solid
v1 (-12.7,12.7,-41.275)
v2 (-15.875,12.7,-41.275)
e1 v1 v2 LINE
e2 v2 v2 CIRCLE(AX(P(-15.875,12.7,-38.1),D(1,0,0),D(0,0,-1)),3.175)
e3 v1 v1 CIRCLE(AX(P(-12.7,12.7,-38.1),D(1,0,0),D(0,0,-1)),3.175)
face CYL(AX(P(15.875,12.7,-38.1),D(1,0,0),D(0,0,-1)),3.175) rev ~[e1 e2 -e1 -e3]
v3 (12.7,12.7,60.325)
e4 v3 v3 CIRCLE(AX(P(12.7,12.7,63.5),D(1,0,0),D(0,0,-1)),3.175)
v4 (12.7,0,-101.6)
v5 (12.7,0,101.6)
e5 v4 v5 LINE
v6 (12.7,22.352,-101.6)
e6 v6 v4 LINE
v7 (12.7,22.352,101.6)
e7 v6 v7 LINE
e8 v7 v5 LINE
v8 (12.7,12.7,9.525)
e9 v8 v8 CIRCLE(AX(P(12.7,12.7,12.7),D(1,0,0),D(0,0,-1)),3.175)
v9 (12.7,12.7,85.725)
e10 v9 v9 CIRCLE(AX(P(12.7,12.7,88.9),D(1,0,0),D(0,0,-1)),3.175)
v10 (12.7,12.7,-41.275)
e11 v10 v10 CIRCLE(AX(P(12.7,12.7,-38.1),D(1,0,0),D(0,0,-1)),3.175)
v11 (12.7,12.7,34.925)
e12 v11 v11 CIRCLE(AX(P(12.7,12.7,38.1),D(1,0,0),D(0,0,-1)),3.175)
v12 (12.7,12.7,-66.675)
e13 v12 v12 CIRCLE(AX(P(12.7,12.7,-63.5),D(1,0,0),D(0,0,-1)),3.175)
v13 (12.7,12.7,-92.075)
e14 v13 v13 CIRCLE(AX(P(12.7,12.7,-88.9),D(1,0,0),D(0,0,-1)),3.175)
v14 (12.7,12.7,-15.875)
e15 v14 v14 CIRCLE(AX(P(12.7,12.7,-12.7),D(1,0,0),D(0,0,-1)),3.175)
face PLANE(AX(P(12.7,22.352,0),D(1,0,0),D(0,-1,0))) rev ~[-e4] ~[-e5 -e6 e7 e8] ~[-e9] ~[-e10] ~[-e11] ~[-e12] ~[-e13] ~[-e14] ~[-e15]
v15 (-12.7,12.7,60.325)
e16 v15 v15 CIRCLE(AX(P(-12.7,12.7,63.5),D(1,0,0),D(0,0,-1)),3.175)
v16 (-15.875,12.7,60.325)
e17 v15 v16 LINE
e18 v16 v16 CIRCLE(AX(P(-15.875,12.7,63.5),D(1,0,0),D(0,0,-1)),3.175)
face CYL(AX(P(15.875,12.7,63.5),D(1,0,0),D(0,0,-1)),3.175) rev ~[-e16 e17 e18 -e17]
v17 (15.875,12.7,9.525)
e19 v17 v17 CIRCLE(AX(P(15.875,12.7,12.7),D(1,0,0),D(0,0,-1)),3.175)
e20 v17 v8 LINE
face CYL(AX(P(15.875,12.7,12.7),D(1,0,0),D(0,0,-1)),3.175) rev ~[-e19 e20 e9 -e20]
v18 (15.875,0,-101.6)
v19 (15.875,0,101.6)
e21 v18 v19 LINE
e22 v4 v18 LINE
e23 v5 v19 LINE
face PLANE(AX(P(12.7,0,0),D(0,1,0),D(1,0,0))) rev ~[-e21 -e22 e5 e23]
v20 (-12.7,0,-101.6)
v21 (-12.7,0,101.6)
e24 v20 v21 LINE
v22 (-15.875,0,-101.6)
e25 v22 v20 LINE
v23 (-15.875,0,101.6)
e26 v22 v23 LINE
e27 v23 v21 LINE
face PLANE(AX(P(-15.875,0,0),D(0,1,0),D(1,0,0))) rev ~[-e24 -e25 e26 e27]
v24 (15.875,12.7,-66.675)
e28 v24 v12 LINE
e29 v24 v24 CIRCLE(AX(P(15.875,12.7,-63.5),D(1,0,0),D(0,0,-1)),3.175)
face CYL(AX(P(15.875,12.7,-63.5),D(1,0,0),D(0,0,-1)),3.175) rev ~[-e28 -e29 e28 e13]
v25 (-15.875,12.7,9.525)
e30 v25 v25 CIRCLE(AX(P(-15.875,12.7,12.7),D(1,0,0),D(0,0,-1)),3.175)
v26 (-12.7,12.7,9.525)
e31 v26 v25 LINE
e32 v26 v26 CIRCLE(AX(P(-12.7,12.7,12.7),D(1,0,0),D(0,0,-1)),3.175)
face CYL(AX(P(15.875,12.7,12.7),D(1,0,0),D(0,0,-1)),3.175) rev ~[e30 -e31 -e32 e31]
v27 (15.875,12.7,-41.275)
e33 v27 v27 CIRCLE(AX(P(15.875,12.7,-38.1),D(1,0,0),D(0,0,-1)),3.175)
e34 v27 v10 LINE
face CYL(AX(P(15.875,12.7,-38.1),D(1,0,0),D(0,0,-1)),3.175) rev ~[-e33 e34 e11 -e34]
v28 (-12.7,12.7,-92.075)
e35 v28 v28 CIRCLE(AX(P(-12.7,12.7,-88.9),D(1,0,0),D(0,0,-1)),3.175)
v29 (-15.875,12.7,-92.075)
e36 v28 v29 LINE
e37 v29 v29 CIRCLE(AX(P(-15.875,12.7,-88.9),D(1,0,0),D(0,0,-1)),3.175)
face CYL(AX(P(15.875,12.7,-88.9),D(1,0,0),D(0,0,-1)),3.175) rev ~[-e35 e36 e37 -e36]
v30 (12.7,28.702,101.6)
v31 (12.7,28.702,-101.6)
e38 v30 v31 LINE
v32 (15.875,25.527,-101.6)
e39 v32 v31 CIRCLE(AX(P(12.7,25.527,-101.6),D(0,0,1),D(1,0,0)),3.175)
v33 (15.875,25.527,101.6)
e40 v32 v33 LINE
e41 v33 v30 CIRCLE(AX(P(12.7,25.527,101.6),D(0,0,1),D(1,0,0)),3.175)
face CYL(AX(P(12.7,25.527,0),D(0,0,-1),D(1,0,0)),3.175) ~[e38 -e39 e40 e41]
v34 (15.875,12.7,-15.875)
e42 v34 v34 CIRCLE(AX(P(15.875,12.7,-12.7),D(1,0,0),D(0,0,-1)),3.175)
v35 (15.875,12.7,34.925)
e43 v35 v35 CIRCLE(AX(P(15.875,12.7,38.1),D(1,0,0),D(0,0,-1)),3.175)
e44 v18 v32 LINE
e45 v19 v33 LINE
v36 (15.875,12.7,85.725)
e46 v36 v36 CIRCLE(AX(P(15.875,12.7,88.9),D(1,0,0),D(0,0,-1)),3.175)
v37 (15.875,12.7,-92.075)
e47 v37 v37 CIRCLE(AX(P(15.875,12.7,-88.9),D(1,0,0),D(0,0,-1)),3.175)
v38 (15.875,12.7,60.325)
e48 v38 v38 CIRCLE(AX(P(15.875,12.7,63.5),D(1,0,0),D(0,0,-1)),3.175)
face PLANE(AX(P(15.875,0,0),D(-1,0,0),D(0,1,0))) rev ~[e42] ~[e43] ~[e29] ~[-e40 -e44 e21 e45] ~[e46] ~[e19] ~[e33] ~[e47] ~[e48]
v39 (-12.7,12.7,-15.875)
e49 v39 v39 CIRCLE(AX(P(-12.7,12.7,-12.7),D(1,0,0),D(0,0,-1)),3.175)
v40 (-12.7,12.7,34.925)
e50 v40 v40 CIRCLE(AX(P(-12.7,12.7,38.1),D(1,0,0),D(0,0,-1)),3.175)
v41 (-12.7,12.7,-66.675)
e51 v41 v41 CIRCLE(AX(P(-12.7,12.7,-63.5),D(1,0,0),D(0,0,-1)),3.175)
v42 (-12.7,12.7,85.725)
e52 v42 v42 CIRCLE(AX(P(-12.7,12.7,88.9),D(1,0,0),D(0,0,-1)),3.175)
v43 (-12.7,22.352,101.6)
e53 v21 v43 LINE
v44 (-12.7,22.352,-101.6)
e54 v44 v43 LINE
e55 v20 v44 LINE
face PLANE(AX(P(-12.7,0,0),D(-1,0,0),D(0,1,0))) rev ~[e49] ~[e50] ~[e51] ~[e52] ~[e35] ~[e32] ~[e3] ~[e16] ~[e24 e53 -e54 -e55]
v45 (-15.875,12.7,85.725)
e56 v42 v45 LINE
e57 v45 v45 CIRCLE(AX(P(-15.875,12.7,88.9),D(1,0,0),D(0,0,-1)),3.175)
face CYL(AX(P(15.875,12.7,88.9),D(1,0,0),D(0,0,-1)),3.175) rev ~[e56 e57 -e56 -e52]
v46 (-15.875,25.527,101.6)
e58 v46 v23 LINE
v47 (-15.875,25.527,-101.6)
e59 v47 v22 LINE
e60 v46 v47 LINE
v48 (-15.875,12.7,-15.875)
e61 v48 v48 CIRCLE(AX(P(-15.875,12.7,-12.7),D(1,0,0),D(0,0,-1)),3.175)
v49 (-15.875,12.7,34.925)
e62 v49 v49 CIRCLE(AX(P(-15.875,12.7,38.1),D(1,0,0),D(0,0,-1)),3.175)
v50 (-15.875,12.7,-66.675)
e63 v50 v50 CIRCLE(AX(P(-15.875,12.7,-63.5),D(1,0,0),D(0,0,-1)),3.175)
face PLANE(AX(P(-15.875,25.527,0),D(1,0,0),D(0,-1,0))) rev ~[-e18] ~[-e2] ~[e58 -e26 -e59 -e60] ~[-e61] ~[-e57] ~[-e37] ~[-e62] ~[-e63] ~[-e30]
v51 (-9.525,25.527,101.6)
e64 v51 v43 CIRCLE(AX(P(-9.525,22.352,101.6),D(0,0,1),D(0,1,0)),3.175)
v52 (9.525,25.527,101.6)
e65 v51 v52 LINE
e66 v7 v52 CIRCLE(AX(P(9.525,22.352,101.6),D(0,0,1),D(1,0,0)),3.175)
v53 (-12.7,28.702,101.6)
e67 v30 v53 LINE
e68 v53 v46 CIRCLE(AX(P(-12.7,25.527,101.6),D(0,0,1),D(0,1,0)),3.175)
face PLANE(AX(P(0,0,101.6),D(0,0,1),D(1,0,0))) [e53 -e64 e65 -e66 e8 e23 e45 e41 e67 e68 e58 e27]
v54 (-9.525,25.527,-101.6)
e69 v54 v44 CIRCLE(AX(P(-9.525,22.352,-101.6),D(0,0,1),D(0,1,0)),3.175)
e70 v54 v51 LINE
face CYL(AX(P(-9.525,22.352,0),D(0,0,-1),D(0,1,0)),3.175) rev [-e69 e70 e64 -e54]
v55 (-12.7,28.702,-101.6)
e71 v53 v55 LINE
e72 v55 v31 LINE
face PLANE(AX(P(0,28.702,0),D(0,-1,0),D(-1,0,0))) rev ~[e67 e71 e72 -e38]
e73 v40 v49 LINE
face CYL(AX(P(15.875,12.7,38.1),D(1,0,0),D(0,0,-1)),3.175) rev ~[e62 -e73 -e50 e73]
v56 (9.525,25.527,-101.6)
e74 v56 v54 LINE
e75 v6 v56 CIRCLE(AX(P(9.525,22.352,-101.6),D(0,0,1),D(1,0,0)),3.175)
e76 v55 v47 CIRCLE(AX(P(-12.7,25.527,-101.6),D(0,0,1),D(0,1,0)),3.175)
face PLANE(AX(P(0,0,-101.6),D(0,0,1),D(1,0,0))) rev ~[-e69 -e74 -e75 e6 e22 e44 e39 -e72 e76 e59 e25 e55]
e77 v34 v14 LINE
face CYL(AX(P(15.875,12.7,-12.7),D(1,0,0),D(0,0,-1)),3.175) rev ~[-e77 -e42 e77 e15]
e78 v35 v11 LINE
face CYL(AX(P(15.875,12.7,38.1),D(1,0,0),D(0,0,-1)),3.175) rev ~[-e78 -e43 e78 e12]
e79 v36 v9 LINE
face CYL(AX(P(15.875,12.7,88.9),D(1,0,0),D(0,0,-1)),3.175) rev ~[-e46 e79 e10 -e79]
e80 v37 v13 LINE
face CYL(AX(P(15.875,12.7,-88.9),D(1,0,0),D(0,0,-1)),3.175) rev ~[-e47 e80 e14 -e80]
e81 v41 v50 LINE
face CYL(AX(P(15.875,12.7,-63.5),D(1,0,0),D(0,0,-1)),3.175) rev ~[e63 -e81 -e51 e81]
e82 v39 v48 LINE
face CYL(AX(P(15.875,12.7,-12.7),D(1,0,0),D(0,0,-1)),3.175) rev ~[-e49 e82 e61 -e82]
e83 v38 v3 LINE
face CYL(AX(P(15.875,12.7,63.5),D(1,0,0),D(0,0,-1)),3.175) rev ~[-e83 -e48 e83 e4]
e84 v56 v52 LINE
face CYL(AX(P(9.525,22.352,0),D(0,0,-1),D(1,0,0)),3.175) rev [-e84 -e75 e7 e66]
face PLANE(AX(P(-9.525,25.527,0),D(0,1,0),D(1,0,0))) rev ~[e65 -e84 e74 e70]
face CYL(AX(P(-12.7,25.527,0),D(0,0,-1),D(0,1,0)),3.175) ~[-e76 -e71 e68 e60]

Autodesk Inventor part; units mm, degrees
ref_plane "YZ Plane" through (0, 0, 0) normal (1, 0, 0) x (0, 1, 0)
ref_plane "XZ Plane" through (0, 0, 0) normal (0, 1, 0) x (-1, 0, 0)
ref_plane "XY Plane" through (0, 0, 0) normal (0, 0, 1) x (1, 0, 0)
sketch "Sketch1" plane through (0, 0, 0) normal (0, 0, 1) x (1, 0, 0)
  line L0 (-15.875, 0) -> (-12.7, 0)
  line L1 (-12.7, 0) -> (-12.7, 22.352)
  line L2 (-9.525, 25.527) -> (9.525, 25.527)
  line L3 (12.7, 22.352) -> (12.7, 0)
  line L4 (12.7, 0) -> (15.875, 0)
  line L5 (15.875, 0) -> (15.875, 25.527)
  line L6 (12.7, 28.702) -> (-12.7, 28.702)
  line L7 (-15.875, 25.527) -> (-15.875, 0)
  arc A0 (-9.525, 25.527) -> (-12.7, 22.352) centre (-9.525, 22.352) ccw
  arc A1 (12.7, 22.352) -> (9.525, 25.527) centre (9.525, 22.352) ccw
  arc A2 (-12.7, 28.702) -> (-15.875, 25.527) centre (-12.7, 25.527) ccw
  arc A3 (15.875, 25.527) -> (12.7, 28.702) centre (12.7, 25.527) ccw
  line L8 (0, 35.2315) -> (0, -5.8719) projected
  point P0 (0, 0)
  dimension "d0" = 28.702
  dimension "d1" = 31.75
  dimension "d2" = 3.175
  dimension "d3" = 3.175
  dimension "d4" = 3.175
extrude "Extrusion1" add sketch "Sketch1" along normal mid plane 203.2
sketch "Sketch4" plane through (15.875, 0, 101.6) normal (1, 0, 0) x (0, 0, -1)
  line L0 (-40.64, 0) -> (243.84, 0) projected
  line L1 (101.6, -5.7404) -> (101.6, 34.4424) projected
  circle A0 centre (114.3, 12.7) radius 3.175
  point P0 (101.6, 0)
  dimension "d34" = 6.35
  dimension "d35" = 12.7
  dimension "d36" = 12.7
extrude "Extrusion4" cut sketch "Sketch4" against normal up to surface (31.75 mm away)
pattern_linear "Rectangular Pattern3" count 10 spacing 25.4 along (0, 0, 1) count 10 spacing 25.4 along (0, 0, -1) of "Extrusion4"
equation "\"d5\" = CornerLength"
equation "\"CornerLength\" = 203.2"
properties part number "CornerChannel" material "Aluminum 6061"
